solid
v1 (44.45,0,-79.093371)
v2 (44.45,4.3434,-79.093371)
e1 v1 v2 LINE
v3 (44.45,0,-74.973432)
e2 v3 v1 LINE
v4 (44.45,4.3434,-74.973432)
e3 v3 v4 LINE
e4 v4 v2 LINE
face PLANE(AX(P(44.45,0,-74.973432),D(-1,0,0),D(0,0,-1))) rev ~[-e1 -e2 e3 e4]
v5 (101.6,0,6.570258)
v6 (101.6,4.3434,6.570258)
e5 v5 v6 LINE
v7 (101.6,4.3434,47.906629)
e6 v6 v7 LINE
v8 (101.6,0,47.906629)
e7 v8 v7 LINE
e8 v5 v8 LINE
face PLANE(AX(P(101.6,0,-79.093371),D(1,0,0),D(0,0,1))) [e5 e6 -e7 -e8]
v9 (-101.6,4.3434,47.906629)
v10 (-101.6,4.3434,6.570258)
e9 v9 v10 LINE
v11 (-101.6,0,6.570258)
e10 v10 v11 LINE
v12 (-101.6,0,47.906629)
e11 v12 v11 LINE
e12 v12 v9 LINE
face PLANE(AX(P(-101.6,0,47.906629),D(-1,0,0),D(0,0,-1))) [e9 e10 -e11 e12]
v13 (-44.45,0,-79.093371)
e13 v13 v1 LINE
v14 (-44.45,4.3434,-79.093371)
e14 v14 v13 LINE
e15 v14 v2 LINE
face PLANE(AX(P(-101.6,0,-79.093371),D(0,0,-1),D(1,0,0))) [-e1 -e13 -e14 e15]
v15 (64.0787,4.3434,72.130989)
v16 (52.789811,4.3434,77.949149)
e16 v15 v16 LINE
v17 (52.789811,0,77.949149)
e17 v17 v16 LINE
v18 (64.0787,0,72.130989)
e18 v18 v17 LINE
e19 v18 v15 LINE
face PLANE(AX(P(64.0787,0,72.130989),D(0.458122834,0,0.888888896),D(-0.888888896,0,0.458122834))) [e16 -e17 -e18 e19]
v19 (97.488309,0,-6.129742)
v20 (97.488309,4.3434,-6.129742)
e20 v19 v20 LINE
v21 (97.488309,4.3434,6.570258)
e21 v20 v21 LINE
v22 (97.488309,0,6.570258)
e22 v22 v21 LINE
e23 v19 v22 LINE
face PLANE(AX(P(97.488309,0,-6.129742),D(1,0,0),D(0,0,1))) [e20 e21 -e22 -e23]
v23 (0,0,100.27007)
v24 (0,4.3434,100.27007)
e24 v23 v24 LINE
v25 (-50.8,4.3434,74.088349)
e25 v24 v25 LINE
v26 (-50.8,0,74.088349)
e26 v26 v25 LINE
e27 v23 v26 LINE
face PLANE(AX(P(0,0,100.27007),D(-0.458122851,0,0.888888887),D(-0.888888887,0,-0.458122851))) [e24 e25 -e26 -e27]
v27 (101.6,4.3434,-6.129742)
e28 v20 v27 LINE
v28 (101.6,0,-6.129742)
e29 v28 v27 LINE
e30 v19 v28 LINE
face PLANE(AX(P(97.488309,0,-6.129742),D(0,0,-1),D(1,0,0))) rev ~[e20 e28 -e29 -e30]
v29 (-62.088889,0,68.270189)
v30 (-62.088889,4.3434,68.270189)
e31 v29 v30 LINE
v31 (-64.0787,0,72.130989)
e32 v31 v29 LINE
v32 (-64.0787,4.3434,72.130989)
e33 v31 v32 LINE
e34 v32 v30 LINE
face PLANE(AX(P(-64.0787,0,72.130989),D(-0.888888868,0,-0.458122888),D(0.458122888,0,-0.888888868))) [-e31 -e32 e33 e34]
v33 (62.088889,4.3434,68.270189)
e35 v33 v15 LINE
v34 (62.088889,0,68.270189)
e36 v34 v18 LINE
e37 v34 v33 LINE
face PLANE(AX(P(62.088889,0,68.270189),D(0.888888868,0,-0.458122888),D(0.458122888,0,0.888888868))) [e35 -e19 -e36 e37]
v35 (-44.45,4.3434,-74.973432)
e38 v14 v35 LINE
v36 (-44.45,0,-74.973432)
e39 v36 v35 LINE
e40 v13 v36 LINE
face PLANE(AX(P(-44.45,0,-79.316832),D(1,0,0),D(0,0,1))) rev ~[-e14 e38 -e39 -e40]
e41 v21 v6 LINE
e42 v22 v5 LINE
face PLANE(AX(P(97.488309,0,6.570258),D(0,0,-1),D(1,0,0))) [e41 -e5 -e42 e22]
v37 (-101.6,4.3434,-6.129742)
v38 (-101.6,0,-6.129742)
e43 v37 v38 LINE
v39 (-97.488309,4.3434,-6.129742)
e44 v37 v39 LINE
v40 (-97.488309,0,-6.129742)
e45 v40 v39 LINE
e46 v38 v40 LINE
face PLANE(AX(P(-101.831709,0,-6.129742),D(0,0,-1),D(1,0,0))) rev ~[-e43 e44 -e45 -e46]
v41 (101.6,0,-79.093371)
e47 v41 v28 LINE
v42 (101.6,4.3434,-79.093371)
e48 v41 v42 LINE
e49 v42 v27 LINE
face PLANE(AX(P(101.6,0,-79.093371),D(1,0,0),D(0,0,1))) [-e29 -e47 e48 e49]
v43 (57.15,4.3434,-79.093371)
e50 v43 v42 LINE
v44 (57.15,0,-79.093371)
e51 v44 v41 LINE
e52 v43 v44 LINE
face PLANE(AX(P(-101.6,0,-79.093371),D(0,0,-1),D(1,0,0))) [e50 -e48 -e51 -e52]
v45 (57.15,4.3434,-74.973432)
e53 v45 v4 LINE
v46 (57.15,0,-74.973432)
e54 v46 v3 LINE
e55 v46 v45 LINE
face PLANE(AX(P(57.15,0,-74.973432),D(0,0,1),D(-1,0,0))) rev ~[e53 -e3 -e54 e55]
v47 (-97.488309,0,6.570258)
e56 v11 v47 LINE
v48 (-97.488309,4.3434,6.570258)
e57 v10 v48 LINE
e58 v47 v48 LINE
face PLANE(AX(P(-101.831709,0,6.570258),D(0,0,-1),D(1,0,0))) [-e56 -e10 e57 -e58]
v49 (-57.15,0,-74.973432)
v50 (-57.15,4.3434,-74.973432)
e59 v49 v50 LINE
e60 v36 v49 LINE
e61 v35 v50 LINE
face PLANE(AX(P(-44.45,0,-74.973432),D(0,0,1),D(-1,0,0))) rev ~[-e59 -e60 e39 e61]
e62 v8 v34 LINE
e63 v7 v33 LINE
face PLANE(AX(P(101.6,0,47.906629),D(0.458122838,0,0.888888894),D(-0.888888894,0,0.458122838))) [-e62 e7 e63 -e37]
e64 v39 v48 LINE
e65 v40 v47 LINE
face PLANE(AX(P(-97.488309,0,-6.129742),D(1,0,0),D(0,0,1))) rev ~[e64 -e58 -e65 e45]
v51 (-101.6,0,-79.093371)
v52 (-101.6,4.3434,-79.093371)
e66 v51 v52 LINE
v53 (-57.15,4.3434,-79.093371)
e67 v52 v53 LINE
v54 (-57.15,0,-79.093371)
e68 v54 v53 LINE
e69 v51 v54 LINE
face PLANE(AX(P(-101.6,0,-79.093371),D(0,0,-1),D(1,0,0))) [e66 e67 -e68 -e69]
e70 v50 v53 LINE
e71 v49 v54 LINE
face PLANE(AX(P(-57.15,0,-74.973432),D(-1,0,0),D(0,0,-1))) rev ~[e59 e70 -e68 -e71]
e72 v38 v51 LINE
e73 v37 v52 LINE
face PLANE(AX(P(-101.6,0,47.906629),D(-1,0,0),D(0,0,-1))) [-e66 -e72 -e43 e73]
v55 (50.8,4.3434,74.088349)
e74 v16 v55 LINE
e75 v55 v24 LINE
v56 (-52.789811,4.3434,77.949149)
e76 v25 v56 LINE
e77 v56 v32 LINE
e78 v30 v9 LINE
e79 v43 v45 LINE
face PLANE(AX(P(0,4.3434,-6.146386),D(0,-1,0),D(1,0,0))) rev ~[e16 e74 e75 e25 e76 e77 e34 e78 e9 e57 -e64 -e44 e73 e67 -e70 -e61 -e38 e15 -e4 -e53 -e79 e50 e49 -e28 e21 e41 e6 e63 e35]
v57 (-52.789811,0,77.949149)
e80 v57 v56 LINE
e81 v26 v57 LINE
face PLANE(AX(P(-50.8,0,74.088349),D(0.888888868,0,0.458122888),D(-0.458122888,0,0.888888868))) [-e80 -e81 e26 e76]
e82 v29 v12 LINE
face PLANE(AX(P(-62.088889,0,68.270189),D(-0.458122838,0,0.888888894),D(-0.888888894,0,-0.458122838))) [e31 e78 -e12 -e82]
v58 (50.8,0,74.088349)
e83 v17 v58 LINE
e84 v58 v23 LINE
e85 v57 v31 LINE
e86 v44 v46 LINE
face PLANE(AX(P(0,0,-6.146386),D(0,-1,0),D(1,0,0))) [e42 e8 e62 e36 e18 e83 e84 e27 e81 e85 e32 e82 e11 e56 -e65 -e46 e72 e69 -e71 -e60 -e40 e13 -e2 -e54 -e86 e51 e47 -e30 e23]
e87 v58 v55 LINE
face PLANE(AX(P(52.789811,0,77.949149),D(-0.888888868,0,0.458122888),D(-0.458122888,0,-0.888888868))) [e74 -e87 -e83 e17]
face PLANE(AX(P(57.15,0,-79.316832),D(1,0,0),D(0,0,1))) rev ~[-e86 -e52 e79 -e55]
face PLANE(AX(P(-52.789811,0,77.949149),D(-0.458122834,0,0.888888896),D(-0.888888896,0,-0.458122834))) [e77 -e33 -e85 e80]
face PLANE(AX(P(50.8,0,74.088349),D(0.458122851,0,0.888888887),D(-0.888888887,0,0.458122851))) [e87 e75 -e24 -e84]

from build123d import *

# Parameters (mm, degrees)
F0_W     = 12.7
F0_H     = 4.3434
F1_DEPTH = 4.3434
F2_W     = 4.3434
F2_H     = 12.7
F3_DEPTH = 4.3444
F5_DEPTH = 4.3444


with BuildPart() as f1:
    # F0 (on Front) → F1 (new body)
    with BuildSketch(Plane.XZ):
        Polygon((50.8, 74.088349), (0, 100.27007), (-50.8, 74.088349), (-62.088889, 68.270189), (-101.6, 47.906629), (-101.6, -79.093371), (-57.15, -79.093371), (-57.15, -74.749971), (-44.45, -74.749971), (-44.45, -79.093371), (44.45, -79.093371), (44.45, -74.749971), (57.15, -74.749971), (57.15, -79.093371), (101.6, -79.093371), (101.6, 47.906629), (62.088889, 68.270189), align=None)
        Polygon((-62.088889, 68.270189), (-50.8, 74.088349), (-52.789811, 77.949149), (-64.0787, 72.130989), align=None)
        Polygon((52.789811, 77.949149), (50.8, 74.088349), (62.088889, 68.270189), (64.0787, 72.130989), align=None)
        with Locations((-50.8, -76.921671)):
            Rectangle(F0_W, F0_H)
        Polygon((50.8, -79.093371), (57.15, -79.093371), (57.15, -74.749971), (44.45, -74.749971), (44.45, -79.093371), align=None)
    extrude(amount=-F1_DEPTH)

    # F2 (on Front) → F3 (cut, through all)
    with BuildSketch(Plane.XZ):
        with Locations((-99.660009, 0.220258)):
            Rectangle(F2_W, F2_H)
        with Locations((99.660009, 0.220258)):
            Rectangle(F2_W, F2_H)
    extrude(amount=-F3_DEPTH, mode=Mode.SUBTRACT)

    # F4 (on Front) → F5 (cut, through all)
    with BuildSketch(Plane.XZ):
        Polygon((-57.15, -79.316832), (-50.8, -79.316832), (-44.45, -79.316832), (-44.45, -74.973432), (-50.8, -74.973432), (-57.15, -74.973432), align=None)
        Polygon((57.15, -79.316832), (57.15, -74.973432), (50.8, -74.973432), (44.45, -74.973432), (44.45, -79.316832), (50.8, -79.316832), align=None)
    extrude(amount=-F5_DEPTH, mode=Mode.SUBTRACT)


solid = f1.part
